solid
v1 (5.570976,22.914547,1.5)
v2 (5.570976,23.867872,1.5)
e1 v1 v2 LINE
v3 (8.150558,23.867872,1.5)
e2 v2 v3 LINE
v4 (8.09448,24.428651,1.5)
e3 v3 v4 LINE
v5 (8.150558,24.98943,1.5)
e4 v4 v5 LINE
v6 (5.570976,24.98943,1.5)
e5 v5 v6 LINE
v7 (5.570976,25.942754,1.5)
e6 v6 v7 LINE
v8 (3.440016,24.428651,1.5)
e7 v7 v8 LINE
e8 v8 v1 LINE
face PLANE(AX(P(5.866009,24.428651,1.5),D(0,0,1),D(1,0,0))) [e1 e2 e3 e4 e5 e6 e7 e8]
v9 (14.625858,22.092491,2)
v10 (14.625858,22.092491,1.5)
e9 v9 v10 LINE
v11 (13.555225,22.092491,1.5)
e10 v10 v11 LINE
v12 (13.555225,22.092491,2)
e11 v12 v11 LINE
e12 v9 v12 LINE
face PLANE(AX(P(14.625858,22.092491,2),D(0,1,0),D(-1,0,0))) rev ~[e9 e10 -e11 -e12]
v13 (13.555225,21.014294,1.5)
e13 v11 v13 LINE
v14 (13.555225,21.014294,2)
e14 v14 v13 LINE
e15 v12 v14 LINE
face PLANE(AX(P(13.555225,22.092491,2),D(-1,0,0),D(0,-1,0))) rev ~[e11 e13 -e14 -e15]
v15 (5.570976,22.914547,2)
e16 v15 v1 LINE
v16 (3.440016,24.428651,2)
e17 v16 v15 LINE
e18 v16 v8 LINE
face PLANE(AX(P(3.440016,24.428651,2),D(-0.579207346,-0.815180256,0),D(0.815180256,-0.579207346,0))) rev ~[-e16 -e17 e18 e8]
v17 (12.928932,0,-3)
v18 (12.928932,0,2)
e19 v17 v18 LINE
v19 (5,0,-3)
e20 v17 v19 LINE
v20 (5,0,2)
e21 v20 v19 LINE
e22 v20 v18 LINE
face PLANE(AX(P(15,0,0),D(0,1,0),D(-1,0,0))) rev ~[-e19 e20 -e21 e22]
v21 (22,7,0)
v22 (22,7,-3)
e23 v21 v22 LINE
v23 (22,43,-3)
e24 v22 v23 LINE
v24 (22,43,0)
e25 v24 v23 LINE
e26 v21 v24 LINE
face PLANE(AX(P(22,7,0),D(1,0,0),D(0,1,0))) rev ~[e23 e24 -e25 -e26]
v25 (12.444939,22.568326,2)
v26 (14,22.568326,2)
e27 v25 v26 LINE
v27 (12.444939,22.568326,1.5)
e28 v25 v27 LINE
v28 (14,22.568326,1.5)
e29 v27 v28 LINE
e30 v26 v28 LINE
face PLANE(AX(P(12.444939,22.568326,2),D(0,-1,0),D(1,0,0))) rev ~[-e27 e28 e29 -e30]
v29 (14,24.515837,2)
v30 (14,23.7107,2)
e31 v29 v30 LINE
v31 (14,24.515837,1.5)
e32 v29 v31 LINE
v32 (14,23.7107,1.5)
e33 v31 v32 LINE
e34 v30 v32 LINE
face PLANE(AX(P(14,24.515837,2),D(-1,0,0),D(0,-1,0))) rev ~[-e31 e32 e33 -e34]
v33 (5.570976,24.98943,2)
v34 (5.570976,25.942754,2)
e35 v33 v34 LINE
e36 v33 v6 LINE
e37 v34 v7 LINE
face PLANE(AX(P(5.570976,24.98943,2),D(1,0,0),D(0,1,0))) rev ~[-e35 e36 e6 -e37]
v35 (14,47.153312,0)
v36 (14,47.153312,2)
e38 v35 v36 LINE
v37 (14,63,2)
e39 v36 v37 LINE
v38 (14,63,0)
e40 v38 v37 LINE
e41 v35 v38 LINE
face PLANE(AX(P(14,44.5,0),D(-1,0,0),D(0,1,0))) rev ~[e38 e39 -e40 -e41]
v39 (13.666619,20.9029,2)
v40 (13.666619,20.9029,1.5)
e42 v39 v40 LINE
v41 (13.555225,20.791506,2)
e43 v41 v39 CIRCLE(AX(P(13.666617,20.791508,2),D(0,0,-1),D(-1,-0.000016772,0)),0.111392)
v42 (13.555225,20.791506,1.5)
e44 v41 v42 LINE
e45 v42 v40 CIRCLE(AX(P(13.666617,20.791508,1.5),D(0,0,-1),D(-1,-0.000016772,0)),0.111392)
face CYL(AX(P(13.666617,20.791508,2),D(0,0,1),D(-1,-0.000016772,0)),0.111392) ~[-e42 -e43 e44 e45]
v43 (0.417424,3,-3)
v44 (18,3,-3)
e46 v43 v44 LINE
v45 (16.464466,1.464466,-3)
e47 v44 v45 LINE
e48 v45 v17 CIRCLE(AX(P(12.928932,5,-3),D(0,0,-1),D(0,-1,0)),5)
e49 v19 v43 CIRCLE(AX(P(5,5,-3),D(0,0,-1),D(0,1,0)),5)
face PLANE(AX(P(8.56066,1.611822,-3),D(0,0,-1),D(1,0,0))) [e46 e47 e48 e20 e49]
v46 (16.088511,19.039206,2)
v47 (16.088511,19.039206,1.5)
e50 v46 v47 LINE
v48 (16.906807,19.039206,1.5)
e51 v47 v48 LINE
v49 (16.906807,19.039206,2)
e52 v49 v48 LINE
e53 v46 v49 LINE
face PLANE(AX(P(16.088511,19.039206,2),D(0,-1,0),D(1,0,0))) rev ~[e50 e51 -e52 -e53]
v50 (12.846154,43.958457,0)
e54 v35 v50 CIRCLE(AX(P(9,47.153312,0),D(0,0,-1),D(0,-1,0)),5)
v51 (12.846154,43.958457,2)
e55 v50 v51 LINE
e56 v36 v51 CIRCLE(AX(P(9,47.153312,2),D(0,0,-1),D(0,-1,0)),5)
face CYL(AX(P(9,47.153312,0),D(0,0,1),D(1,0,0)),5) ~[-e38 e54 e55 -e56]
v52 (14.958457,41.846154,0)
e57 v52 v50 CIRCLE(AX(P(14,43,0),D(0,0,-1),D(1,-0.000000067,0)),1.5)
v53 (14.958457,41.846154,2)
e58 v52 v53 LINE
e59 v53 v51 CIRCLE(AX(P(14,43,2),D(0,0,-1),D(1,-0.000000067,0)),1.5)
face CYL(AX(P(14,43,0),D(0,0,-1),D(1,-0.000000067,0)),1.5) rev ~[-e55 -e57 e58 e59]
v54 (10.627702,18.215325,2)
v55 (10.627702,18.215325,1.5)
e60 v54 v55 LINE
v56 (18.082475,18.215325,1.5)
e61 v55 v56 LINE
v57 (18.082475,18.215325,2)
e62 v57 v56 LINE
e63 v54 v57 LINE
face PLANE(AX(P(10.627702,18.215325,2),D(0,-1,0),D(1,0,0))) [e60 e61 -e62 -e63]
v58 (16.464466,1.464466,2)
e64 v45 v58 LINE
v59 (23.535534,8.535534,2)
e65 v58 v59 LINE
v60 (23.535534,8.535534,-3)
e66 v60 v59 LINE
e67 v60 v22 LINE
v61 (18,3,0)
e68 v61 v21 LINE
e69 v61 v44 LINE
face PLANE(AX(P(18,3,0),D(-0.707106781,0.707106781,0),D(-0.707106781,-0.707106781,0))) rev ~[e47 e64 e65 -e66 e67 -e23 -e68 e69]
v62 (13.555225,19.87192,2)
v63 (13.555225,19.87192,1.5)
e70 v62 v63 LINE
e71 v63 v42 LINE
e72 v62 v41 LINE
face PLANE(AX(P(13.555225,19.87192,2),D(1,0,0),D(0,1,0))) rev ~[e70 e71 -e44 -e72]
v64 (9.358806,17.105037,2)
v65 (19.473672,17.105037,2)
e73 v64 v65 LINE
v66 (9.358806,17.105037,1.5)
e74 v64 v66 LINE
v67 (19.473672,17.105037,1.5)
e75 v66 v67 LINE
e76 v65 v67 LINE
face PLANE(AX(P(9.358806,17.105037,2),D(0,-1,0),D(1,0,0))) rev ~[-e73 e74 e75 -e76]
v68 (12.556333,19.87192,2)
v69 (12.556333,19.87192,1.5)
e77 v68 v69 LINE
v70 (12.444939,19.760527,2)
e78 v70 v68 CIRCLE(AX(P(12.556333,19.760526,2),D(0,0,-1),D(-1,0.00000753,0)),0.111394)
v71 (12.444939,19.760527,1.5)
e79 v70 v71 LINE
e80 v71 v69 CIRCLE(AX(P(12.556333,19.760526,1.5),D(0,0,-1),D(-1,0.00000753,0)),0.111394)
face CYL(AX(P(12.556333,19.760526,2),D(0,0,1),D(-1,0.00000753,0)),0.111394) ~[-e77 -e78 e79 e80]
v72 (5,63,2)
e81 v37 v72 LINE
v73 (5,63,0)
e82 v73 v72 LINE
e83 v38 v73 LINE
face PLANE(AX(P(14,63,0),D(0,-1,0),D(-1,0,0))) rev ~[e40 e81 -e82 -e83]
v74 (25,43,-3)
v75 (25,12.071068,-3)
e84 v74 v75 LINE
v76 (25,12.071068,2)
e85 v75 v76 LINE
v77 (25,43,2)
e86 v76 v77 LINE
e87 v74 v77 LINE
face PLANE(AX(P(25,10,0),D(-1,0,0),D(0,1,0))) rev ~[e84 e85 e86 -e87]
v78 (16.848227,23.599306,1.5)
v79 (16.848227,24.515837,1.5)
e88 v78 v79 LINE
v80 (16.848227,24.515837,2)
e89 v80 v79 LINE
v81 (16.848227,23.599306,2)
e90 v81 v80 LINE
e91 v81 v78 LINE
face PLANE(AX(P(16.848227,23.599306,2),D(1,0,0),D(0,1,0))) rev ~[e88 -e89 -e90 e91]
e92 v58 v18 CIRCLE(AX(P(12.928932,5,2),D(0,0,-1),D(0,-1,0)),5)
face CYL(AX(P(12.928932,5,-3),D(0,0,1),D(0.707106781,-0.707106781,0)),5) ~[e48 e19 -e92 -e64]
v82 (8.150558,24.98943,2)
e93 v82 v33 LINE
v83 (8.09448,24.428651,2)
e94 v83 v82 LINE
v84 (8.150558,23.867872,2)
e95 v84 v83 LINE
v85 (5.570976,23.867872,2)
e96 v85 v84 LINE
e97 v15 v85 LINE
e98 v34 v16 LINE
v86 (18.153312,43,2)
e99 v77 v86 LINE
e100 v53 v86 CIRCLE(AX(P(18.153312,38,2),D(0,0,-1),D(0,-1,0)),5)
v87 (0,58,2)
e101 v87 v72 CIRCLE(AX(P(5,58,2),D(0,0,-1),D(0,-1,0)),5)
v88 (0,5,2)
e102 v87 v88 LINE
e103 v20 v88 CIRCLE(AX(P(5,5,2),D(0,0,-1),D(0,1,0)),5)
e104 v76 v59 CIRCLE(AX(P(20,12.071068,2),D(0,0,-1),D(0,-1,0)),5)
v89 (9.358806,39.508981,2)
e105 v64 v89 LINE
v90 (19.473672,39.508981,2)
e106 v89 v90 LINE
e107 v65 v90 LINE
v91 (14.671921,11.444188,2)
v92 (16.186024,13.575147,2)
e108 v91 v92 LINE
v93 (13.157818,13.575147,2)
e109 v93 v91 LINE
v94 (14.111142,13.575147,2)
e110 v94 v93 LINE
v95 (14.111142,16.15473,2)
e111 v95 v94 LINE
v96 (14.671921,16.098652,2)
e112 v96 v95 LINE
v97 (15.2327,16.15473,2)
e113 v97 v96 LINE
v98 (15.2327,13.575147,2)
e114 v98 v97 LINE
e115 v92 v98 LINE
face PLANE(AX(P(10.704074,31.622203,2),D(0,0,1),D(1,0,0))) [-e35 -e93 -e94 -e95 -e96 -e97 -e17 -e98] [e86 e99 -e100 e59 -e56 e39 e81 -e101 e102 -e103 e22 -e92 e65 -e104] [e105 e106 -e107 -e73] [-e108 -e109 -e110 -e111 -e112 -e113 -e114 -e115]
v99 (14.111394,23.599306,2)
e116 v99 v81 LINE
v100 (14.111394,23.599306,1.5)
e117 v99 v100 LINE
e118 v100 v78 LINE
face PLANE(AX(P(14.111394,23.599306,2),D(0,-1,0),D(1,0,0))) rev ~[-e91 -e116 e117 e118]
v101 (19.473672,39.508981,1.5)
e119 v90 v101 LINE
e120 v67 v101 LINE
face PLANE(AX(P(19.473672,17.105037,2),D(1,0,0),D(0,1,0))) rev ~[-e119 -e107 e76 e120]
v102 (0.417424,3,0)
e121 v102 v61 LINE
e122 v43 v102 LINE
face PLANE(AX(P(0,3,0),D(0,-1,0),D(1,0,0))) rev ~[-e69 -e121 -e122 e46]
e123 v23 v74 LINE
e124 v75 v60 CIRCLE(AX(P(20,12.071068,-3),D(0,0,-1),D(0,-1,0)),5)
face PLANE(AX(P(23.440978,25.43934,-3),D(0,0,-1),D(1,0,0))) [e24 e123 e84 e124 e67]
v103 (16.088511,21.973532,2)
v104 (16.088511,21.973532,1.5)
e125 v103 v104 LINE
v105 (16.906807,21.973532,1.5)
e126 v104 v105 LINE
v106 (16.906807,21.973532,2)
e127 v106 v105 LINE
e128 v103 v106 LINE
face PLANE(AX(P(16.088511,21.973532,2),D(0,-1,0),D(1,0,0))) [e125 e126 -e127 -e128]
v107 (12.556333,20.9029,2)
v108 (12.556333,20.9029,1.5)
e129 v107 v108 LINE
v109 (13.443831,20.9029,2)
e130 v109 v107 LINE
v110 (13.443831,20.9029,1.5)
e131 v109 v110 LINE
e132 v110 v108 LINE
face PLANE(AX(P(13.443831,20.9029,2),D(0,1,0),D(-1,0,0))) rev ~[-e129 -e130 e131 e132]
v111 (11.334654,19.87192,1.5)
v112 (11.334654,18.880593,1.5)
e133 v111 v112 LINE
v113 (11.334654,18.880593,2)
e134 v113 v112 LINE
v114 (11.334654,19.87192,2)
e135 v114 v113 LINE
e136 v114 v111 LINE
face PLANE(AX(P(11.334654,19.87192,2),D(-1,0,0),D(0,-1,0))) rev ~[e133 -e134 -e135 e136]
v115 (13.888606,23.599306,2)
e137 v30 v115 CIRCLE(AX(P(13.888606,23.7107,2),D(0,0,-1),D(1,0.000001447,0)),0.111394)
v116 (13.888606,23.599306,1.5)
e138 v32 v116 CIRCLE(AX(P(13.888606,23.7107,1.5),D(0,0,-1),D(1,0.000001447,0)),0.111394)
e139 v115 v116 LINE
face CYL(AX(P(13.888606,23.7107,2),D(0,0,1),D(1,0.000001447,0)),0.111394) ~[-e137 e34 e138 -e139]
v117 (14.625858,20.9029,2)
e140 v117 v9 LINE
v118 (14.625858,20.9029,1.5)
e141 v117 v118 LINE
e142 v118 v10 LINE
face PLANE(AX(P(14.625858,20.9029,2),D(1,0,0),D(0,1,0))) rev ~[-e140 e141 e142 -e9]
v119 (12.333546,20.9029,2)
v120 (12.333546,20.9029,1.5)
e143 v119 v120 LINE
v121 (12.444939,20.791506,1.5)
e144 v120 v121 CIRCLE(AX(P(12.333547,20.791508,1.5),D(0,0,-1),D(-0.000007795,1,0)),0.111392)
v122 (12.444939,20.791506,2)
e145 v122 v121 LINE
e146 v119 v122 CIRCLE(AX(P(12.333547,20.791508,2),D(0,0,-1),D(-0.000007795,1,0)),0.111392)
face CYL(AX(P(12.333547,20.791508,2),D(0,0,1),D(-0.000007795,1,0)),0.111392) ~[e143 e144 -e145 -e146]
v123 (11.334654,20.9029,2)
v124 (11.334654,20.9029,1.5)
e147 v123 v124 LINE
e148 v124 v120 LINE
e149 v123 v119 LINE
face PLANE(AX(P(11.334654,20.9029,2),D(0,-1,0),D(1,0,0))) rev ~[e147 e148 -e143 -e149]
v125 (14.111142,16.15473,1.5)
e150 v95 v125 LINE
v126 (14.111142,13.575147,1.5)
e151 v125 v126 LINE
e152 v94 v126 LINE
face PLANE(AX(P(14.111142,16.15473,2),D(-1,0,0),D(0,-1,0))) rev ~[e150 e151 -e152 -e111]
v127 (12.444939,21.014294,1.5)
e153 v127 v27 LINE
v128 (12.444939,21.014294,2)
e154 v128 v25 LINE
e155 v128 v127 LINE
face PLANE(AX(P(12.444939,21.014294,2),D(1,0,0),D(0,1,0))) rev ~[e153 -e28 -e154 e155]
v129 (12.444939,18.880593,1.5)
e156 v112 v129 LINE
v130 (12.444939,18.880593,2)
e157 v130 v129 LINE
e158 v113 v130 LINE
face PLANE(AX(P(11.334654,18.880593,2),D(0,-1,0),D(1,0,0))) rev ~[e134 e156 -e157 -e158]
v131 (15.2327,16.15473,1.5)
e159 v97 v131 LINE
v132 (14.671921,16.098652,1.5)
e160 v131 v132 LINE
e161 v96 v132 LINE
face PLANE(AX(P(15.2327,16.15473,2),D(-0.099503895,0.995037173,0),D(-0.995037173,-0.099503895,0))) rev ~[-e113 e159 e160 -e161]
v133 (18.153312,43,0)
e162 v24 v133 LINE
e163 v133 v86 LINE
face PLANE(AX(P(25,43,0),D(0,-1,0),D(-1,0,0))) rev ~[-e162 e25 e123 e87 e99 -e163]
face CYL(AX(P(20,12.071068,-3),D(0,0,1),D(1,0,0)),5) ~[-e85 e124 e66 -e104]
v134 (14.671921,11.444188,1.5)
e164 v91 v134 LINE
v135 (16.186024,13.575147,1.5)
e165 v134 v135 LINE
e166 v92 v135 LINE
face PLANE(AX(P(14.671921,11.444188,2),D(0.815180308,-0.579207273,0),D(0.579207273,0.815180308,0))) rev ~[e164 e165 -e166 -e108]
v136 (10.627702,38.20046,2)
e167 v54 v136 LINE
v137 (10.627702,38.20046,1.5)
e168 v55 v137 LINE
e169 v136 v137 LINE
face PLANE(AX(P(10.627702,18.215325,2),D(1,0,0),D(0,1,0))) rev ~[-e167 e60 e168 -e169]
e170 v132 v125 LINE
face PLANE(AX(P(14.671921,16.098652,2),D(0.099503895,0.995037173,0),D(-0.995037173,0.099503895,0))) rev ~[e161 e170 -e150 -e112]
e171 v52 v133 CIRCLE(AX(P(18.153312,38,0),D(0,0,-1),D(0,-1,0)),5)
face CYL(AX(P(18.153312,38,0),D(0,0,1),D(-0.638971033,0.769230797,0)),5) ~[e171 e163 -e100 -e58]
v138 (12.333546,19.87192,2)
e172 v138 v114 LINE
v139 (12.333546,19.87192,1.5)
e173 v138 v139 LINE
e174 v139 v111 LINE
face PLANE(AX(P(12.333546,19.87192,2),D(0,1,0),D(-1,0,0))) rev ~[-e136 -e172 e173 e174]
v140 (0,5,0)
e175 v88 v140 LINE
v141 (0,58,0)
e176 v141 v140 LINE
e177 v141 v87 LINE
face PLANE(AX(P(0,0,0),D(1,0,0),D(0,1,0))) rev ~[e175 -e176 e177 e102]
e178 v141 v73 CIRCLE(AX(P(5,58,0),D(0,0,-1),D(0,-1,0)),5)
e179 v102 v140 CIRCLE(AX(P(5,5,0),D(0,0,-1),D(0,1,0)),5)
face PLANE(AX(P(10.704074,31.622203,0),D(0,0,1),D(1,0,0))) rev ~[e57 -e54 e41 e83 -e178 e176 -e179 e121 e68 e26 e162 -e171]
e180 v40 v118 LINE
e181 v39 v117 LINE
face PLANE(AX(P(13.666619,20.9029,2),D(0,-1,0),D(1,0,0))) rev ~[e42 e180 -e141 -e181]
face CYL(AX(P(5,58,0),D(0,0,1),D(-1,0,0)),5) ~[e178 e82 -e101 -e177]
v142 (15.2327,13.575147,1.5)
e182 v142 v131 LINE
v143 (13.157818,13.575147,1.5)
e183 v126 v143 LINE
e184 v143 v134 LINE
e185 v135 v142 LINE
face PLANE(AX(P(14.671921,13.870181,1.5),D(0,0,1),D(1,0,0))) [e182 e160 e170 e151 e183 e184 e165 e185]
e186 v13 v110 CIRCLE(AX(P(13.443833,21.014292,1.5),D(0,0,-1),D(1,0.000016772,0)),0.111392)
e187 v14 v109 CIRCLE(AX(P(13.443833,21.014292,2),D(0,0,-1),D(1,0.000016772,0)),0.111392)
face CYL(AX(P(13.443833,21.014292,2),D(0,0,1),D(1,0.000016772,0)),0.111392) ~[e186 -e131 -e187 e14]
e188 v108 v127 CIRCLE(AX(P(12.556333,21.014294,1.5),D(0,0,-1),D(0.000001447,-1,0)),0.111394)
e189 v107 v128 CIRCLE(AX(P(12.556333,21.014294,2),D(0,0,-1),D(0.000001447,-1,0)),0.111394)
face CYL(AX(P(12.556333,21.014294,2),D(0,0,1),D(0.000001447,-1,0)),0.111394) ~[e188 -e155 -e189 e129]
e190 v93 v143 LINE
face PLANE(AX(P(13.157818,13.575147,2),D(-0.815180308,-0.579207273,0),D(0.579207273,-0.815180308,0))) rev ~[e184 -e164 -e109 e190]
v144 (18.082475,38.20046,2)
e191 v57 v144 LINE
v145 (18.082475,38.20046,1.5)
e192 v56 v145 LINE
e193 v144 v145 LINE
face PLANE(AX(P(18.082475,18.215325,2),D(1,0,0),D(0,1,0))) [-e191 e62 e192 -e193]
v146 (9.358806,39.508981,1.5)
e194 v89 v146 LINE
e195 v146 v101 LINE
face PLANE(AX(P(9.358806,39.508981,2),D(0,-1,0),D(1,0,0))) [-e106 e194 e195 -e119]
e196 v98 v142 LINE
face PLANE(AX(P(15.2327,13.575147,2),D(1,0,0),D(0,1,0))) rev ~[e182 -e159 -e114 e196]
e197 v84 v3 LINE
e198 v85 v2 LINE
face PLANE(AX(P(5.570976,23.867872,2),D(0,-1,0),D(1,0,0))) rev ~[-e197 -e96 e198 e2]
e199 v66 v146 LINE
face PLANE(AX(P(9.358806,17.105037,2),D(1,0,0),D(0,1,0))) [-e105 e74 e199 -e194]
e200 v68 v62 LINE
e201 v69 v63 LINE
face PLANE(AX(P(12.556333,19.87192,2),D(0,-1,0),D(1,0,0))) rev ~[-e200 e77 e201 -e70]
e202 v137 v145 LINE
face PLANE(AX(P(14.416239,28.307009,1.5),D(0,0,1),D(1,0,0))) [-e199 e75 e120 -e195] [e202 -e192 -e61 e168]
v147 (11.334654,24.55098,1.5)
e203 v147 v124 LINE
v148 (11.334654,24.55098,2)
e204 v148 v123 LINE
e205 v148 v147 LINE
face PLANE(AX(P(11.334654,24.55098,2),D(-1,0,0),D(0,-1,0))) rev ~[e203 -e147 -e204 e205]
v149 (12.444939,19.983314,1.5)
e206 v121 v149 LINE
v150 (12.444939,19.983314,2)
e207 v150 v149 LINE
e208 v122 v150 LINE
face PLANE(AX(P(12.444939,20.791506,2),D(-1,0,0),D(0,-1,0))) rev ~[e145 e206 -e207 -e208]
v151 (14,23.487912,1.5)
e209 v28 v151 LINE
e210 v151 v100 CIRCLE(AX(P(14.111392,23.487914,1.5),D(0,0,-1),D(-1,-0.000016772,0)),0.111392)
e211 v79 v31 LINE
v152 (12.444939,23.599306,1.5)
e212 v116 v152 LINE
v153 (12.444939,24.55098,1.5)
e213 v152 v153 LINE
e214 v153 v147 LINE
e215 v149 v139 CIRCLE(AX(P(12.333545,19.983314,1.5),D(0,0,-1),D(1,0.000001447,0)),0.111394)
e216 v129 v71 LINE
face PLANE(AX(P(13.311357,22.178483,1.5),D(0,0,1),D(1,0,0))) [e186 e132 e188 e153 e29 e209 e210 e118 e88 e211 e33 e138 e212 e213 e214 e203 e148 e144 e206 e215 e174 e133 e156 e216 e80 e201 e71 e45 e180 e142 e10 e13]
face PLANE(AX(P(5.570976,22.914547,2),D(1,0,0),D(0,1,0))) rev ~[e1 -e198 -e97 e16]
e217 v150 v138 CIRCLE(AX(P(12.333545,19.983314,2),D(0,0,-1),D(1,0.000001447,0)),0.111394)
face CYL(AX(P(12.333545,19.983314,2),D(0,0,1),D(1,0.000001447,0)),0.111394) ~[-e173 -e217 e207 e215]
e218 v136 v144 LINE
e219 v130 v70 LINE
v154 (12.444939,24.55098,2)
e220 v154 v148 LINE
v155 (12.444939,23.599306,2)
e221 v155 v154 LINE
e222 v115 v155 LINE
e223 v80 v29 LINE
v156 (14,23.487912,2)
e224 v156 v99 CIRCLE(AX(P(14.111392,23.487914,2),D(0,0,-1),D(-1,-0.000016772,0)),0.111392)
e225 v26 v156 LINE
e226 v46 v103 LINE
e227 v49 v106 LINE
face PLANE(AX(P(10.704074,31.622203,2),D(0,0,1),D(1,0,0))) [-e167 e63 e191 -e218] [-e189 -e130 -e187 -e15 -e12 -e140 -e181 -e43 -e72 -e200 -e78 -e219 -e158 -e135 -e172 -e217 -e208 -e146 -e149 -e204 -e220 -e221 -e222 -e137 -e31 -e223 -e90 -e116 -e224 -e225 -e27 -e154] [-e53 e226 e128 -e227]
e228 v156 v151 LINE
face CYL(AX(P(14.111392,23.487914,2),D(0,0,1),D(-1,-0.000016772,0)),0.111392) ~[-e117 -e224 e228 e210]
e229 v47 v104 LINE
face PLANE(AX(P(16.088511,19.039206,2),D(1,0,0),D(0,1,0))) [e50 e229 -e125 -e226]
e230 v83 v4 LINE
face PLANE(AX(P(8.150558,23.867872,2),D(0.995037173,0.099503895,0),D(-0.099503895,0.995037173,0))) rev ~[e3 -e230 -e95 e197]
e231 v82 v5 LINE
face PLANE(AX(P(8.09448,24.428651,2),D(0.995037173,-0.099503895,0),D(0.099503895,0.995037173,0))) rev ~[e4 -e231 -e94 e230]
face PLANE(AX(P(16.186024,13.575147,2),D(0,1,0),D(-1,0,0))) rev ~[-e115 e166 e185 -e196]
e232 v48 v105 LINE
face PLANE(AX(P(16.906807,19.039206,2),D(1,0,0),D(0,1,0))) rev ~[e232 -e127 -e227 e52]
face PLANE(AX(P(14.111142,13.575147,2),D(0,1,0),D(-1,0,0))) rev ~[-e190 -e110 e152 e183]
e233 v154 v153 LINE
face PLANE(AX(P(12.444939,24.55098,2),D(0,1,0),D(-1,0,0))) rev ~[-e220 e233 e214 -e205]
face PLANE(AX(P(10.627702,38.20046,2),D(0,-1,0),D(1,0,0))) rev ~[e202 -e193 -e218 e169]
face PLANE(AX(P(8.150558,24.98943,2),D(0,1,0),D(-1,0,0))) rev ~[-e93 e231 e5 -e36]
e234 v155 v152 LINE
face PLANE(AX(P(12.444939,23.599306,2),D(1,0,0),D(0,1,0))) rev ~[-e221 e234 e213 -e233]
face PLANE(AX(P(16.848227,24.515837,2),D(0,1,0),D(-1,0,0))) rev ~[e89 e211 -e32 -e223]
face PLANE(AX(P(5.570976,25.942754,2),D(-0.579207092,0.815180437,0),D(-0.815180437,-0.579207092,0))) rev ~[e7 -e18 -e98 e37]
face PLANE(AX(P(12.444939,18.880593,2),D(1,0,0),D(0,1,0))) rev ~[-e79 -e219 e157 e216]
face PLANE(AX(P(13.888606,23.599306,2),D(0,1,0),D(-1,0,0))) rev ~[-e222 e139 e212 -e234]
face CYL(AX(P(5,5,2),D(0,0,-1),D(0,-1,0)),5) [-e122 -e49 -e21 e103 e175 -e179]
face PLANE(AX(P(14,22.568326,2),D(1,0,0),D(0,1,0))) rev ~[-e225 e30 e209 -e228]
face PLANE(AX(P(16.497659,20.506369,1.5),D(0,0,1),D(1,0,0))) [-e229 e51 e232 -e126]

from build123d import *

# Parameters (mm, degrees)
F1_DEPTH = 2
F3_DEPTH = 3
F4_R     = 5
F5_R     = 5
F6_W     = 10.114867
F6_H     = 22.403944
F6_W_2   = 7.454773
F6_H_2   = 19.985135
F6_W_3   = 0.818297
F6_H_3   = 2.934326
F7_DEPTH = 0.5


with BuildPart() as f1:
    # F0 (on Top) → F1 (new body)
    with BuildSketch(Plane.XY):
        with BuildLine():
            Line((0, 63), (0, 0))
            Line((0, 0), (15, 0))
            Line((15, 0), (25, 10))
            Line((25, 10), (25, 43))
            Line((25, 43), (15.5, 43))
            ThreePointArc((15.5, 43), (12.93934, 41.93934), (14, 44.5))
            Line((14, 44.5), (14, 63))
            Line((14, 63), (0, 63))
        make_face()
    extrude(amount=F1_DEPTH)

    # F2 (on face) → F3 (join)
    with BuildSketch(Plane(origin=(0, 0, 0), x_dir=(1, 0, 0), z_dir=(0, 0, -1))):
        Polygon((15, 0), (0, 0), (0, -3), (18, -3), align=None)
        Polygon((25, -43), (25, -10), (22, -7), (22, -43), align=None)
    extrude(amount=F3_DEPTH)

    # F4
    f4_edges = [f1.edges().sort_by_distance(p)[0] for p in [
        (14, 44.5, 1),
        (15.5, 43, 1),
    ]]
    fillet(f4_edges, radius=F4_R)

    # F5
    f5_edges = [f1.edges().sort_by_distance(p)[0] for p in [
        (0, 63, 1),
        (0, 0, -0.5),
        (15, 0, -0.5),
        (25, 10, -0.5),
    ]]
    fillet(f5_edges, radius=F5_R)

    # F6 (on face) → F7 (cut)
    with BuildSketch(Plane.XY.offset(2)):
        with Locations((14.416239, 28.307009)):
            Rectangle(F6_W, F6_H)
        with Locations((14.355088, 28.207892)):
            Rectangle(F6_W_2, F6_H_2, mode=Mode.SUBTRACT)
        Polygon((5.570976, 25.942754), (3.440016, 24.428651), (5.570976, 22.914547), (5.570976, 23.867872), (8.150558, 23.867872), (8.09448, 24.428651), (8.150558, 24.98943), (5.570976, 24.98943), align=None)
        Polygon((13.157818, 13.575147), (14.671921, 11.444188), (16.186024, 13.575147), (15.2327, 13.575147), (15.2327, 16.15473), (14.671921, 16.098652), (14.111142, 16.15473), (14.111142, 13.575147), align=None)
        with BuildLine():
            Line((11.334654, 19.87192), (11.334654, 18.880593))
            Line((11.334654, 18.880593), (12.444939, 18.880593))
            Line((12.444939, 18.880593), (12.444939, 19.760527))
            ThreePointArc((12.444939, 19.760527), (12.477566, 19.839294), (12.556333, 19.87192))
            Line((12.556333, 19.87192), (13.555225, 19.87192))
            Line((13.555225, 19.87192), (13.555225, 20.791506))
            ThreePointArc((13.555225, 20.791506), (13.587851, 20.870274), (13.666619, 20.9029))
            Line((13.666619, 20.9029), (14.625858, 20.9029))
            Line((14.625858, 20.9029), (14.625858, 22.092491))
            Line((14.625858, 22.092491), (13.555225, 22.092491))
            Line((13.555225, 22.092491), (13.555225, 21.014294))
            ThreePointArc((13.555225, 21.014294), (13.522599, 20.935526), (13.443831, 20.9029))
            Line((13.443831, 20.9029), (12.556333, 20.9029))
            ThreePointArc((12.556333, 20.9029), (12.477566, 20.935526), (12.444939, 21.014294))
            Line((12.444939, 21.014294), (12.444939, 22.568326))
            Line((12.444939, 22.568326), (14, 22.568326))
            Line((14, 22.568326), (14, 23.487912))
            ThreePointArc((14, 23.487912), (14.032626, 23.56668), (14.111394, 23.599306))
            Line((14.111394, 23.599306), (16.848227, 23.599306))
            Line((16.848227, 23.599306), (16.848227, 24.515837))
            Line((16.848227, 24.515837), (14, 24.515837))
            Line((14, 24.515837), (14, 23.7107))
            ThreePointArc((14, 23.7107), (13.967374, 23.631933), (13.888606, 23.599306))
            Line((13.888606, 23.599306), (12.444939, 23.599306))
            Line((12.444939, 23.599306), (12.444939, 24.55098))
            Line((12.444939, 24.55098), (11.334654, 24.55098))
            Line((11.334654, 24.55098), (11.334654, 22.050673))
            Line((11.334654, 22.050673), (11.334654, 20.9029))
            Line((11.334654, 20.9029), (12.333546, 20.9029))
            ThreePointArc((12.333546, 20.9029), (12.412313, 20.870274), (12.444939, 20.791506))
            Line((12.444939, 20.791506), (12.444939, 19.983314))
            ThreePointArc((12.444939, 19.983314), (12.412313, 19.904547), (12.333546, 19.87192))
            Line((12.333546, 19.87192), (11.334654, 19.87192))
        make_face()
        with Locations((16.497659, 20.506369)):
            Rectangle(F6_W_3, F6_H_3)
    extrude(amount=-F7_DEPTH, mode=Mode.SUBTRACT)


solid = f1.part
